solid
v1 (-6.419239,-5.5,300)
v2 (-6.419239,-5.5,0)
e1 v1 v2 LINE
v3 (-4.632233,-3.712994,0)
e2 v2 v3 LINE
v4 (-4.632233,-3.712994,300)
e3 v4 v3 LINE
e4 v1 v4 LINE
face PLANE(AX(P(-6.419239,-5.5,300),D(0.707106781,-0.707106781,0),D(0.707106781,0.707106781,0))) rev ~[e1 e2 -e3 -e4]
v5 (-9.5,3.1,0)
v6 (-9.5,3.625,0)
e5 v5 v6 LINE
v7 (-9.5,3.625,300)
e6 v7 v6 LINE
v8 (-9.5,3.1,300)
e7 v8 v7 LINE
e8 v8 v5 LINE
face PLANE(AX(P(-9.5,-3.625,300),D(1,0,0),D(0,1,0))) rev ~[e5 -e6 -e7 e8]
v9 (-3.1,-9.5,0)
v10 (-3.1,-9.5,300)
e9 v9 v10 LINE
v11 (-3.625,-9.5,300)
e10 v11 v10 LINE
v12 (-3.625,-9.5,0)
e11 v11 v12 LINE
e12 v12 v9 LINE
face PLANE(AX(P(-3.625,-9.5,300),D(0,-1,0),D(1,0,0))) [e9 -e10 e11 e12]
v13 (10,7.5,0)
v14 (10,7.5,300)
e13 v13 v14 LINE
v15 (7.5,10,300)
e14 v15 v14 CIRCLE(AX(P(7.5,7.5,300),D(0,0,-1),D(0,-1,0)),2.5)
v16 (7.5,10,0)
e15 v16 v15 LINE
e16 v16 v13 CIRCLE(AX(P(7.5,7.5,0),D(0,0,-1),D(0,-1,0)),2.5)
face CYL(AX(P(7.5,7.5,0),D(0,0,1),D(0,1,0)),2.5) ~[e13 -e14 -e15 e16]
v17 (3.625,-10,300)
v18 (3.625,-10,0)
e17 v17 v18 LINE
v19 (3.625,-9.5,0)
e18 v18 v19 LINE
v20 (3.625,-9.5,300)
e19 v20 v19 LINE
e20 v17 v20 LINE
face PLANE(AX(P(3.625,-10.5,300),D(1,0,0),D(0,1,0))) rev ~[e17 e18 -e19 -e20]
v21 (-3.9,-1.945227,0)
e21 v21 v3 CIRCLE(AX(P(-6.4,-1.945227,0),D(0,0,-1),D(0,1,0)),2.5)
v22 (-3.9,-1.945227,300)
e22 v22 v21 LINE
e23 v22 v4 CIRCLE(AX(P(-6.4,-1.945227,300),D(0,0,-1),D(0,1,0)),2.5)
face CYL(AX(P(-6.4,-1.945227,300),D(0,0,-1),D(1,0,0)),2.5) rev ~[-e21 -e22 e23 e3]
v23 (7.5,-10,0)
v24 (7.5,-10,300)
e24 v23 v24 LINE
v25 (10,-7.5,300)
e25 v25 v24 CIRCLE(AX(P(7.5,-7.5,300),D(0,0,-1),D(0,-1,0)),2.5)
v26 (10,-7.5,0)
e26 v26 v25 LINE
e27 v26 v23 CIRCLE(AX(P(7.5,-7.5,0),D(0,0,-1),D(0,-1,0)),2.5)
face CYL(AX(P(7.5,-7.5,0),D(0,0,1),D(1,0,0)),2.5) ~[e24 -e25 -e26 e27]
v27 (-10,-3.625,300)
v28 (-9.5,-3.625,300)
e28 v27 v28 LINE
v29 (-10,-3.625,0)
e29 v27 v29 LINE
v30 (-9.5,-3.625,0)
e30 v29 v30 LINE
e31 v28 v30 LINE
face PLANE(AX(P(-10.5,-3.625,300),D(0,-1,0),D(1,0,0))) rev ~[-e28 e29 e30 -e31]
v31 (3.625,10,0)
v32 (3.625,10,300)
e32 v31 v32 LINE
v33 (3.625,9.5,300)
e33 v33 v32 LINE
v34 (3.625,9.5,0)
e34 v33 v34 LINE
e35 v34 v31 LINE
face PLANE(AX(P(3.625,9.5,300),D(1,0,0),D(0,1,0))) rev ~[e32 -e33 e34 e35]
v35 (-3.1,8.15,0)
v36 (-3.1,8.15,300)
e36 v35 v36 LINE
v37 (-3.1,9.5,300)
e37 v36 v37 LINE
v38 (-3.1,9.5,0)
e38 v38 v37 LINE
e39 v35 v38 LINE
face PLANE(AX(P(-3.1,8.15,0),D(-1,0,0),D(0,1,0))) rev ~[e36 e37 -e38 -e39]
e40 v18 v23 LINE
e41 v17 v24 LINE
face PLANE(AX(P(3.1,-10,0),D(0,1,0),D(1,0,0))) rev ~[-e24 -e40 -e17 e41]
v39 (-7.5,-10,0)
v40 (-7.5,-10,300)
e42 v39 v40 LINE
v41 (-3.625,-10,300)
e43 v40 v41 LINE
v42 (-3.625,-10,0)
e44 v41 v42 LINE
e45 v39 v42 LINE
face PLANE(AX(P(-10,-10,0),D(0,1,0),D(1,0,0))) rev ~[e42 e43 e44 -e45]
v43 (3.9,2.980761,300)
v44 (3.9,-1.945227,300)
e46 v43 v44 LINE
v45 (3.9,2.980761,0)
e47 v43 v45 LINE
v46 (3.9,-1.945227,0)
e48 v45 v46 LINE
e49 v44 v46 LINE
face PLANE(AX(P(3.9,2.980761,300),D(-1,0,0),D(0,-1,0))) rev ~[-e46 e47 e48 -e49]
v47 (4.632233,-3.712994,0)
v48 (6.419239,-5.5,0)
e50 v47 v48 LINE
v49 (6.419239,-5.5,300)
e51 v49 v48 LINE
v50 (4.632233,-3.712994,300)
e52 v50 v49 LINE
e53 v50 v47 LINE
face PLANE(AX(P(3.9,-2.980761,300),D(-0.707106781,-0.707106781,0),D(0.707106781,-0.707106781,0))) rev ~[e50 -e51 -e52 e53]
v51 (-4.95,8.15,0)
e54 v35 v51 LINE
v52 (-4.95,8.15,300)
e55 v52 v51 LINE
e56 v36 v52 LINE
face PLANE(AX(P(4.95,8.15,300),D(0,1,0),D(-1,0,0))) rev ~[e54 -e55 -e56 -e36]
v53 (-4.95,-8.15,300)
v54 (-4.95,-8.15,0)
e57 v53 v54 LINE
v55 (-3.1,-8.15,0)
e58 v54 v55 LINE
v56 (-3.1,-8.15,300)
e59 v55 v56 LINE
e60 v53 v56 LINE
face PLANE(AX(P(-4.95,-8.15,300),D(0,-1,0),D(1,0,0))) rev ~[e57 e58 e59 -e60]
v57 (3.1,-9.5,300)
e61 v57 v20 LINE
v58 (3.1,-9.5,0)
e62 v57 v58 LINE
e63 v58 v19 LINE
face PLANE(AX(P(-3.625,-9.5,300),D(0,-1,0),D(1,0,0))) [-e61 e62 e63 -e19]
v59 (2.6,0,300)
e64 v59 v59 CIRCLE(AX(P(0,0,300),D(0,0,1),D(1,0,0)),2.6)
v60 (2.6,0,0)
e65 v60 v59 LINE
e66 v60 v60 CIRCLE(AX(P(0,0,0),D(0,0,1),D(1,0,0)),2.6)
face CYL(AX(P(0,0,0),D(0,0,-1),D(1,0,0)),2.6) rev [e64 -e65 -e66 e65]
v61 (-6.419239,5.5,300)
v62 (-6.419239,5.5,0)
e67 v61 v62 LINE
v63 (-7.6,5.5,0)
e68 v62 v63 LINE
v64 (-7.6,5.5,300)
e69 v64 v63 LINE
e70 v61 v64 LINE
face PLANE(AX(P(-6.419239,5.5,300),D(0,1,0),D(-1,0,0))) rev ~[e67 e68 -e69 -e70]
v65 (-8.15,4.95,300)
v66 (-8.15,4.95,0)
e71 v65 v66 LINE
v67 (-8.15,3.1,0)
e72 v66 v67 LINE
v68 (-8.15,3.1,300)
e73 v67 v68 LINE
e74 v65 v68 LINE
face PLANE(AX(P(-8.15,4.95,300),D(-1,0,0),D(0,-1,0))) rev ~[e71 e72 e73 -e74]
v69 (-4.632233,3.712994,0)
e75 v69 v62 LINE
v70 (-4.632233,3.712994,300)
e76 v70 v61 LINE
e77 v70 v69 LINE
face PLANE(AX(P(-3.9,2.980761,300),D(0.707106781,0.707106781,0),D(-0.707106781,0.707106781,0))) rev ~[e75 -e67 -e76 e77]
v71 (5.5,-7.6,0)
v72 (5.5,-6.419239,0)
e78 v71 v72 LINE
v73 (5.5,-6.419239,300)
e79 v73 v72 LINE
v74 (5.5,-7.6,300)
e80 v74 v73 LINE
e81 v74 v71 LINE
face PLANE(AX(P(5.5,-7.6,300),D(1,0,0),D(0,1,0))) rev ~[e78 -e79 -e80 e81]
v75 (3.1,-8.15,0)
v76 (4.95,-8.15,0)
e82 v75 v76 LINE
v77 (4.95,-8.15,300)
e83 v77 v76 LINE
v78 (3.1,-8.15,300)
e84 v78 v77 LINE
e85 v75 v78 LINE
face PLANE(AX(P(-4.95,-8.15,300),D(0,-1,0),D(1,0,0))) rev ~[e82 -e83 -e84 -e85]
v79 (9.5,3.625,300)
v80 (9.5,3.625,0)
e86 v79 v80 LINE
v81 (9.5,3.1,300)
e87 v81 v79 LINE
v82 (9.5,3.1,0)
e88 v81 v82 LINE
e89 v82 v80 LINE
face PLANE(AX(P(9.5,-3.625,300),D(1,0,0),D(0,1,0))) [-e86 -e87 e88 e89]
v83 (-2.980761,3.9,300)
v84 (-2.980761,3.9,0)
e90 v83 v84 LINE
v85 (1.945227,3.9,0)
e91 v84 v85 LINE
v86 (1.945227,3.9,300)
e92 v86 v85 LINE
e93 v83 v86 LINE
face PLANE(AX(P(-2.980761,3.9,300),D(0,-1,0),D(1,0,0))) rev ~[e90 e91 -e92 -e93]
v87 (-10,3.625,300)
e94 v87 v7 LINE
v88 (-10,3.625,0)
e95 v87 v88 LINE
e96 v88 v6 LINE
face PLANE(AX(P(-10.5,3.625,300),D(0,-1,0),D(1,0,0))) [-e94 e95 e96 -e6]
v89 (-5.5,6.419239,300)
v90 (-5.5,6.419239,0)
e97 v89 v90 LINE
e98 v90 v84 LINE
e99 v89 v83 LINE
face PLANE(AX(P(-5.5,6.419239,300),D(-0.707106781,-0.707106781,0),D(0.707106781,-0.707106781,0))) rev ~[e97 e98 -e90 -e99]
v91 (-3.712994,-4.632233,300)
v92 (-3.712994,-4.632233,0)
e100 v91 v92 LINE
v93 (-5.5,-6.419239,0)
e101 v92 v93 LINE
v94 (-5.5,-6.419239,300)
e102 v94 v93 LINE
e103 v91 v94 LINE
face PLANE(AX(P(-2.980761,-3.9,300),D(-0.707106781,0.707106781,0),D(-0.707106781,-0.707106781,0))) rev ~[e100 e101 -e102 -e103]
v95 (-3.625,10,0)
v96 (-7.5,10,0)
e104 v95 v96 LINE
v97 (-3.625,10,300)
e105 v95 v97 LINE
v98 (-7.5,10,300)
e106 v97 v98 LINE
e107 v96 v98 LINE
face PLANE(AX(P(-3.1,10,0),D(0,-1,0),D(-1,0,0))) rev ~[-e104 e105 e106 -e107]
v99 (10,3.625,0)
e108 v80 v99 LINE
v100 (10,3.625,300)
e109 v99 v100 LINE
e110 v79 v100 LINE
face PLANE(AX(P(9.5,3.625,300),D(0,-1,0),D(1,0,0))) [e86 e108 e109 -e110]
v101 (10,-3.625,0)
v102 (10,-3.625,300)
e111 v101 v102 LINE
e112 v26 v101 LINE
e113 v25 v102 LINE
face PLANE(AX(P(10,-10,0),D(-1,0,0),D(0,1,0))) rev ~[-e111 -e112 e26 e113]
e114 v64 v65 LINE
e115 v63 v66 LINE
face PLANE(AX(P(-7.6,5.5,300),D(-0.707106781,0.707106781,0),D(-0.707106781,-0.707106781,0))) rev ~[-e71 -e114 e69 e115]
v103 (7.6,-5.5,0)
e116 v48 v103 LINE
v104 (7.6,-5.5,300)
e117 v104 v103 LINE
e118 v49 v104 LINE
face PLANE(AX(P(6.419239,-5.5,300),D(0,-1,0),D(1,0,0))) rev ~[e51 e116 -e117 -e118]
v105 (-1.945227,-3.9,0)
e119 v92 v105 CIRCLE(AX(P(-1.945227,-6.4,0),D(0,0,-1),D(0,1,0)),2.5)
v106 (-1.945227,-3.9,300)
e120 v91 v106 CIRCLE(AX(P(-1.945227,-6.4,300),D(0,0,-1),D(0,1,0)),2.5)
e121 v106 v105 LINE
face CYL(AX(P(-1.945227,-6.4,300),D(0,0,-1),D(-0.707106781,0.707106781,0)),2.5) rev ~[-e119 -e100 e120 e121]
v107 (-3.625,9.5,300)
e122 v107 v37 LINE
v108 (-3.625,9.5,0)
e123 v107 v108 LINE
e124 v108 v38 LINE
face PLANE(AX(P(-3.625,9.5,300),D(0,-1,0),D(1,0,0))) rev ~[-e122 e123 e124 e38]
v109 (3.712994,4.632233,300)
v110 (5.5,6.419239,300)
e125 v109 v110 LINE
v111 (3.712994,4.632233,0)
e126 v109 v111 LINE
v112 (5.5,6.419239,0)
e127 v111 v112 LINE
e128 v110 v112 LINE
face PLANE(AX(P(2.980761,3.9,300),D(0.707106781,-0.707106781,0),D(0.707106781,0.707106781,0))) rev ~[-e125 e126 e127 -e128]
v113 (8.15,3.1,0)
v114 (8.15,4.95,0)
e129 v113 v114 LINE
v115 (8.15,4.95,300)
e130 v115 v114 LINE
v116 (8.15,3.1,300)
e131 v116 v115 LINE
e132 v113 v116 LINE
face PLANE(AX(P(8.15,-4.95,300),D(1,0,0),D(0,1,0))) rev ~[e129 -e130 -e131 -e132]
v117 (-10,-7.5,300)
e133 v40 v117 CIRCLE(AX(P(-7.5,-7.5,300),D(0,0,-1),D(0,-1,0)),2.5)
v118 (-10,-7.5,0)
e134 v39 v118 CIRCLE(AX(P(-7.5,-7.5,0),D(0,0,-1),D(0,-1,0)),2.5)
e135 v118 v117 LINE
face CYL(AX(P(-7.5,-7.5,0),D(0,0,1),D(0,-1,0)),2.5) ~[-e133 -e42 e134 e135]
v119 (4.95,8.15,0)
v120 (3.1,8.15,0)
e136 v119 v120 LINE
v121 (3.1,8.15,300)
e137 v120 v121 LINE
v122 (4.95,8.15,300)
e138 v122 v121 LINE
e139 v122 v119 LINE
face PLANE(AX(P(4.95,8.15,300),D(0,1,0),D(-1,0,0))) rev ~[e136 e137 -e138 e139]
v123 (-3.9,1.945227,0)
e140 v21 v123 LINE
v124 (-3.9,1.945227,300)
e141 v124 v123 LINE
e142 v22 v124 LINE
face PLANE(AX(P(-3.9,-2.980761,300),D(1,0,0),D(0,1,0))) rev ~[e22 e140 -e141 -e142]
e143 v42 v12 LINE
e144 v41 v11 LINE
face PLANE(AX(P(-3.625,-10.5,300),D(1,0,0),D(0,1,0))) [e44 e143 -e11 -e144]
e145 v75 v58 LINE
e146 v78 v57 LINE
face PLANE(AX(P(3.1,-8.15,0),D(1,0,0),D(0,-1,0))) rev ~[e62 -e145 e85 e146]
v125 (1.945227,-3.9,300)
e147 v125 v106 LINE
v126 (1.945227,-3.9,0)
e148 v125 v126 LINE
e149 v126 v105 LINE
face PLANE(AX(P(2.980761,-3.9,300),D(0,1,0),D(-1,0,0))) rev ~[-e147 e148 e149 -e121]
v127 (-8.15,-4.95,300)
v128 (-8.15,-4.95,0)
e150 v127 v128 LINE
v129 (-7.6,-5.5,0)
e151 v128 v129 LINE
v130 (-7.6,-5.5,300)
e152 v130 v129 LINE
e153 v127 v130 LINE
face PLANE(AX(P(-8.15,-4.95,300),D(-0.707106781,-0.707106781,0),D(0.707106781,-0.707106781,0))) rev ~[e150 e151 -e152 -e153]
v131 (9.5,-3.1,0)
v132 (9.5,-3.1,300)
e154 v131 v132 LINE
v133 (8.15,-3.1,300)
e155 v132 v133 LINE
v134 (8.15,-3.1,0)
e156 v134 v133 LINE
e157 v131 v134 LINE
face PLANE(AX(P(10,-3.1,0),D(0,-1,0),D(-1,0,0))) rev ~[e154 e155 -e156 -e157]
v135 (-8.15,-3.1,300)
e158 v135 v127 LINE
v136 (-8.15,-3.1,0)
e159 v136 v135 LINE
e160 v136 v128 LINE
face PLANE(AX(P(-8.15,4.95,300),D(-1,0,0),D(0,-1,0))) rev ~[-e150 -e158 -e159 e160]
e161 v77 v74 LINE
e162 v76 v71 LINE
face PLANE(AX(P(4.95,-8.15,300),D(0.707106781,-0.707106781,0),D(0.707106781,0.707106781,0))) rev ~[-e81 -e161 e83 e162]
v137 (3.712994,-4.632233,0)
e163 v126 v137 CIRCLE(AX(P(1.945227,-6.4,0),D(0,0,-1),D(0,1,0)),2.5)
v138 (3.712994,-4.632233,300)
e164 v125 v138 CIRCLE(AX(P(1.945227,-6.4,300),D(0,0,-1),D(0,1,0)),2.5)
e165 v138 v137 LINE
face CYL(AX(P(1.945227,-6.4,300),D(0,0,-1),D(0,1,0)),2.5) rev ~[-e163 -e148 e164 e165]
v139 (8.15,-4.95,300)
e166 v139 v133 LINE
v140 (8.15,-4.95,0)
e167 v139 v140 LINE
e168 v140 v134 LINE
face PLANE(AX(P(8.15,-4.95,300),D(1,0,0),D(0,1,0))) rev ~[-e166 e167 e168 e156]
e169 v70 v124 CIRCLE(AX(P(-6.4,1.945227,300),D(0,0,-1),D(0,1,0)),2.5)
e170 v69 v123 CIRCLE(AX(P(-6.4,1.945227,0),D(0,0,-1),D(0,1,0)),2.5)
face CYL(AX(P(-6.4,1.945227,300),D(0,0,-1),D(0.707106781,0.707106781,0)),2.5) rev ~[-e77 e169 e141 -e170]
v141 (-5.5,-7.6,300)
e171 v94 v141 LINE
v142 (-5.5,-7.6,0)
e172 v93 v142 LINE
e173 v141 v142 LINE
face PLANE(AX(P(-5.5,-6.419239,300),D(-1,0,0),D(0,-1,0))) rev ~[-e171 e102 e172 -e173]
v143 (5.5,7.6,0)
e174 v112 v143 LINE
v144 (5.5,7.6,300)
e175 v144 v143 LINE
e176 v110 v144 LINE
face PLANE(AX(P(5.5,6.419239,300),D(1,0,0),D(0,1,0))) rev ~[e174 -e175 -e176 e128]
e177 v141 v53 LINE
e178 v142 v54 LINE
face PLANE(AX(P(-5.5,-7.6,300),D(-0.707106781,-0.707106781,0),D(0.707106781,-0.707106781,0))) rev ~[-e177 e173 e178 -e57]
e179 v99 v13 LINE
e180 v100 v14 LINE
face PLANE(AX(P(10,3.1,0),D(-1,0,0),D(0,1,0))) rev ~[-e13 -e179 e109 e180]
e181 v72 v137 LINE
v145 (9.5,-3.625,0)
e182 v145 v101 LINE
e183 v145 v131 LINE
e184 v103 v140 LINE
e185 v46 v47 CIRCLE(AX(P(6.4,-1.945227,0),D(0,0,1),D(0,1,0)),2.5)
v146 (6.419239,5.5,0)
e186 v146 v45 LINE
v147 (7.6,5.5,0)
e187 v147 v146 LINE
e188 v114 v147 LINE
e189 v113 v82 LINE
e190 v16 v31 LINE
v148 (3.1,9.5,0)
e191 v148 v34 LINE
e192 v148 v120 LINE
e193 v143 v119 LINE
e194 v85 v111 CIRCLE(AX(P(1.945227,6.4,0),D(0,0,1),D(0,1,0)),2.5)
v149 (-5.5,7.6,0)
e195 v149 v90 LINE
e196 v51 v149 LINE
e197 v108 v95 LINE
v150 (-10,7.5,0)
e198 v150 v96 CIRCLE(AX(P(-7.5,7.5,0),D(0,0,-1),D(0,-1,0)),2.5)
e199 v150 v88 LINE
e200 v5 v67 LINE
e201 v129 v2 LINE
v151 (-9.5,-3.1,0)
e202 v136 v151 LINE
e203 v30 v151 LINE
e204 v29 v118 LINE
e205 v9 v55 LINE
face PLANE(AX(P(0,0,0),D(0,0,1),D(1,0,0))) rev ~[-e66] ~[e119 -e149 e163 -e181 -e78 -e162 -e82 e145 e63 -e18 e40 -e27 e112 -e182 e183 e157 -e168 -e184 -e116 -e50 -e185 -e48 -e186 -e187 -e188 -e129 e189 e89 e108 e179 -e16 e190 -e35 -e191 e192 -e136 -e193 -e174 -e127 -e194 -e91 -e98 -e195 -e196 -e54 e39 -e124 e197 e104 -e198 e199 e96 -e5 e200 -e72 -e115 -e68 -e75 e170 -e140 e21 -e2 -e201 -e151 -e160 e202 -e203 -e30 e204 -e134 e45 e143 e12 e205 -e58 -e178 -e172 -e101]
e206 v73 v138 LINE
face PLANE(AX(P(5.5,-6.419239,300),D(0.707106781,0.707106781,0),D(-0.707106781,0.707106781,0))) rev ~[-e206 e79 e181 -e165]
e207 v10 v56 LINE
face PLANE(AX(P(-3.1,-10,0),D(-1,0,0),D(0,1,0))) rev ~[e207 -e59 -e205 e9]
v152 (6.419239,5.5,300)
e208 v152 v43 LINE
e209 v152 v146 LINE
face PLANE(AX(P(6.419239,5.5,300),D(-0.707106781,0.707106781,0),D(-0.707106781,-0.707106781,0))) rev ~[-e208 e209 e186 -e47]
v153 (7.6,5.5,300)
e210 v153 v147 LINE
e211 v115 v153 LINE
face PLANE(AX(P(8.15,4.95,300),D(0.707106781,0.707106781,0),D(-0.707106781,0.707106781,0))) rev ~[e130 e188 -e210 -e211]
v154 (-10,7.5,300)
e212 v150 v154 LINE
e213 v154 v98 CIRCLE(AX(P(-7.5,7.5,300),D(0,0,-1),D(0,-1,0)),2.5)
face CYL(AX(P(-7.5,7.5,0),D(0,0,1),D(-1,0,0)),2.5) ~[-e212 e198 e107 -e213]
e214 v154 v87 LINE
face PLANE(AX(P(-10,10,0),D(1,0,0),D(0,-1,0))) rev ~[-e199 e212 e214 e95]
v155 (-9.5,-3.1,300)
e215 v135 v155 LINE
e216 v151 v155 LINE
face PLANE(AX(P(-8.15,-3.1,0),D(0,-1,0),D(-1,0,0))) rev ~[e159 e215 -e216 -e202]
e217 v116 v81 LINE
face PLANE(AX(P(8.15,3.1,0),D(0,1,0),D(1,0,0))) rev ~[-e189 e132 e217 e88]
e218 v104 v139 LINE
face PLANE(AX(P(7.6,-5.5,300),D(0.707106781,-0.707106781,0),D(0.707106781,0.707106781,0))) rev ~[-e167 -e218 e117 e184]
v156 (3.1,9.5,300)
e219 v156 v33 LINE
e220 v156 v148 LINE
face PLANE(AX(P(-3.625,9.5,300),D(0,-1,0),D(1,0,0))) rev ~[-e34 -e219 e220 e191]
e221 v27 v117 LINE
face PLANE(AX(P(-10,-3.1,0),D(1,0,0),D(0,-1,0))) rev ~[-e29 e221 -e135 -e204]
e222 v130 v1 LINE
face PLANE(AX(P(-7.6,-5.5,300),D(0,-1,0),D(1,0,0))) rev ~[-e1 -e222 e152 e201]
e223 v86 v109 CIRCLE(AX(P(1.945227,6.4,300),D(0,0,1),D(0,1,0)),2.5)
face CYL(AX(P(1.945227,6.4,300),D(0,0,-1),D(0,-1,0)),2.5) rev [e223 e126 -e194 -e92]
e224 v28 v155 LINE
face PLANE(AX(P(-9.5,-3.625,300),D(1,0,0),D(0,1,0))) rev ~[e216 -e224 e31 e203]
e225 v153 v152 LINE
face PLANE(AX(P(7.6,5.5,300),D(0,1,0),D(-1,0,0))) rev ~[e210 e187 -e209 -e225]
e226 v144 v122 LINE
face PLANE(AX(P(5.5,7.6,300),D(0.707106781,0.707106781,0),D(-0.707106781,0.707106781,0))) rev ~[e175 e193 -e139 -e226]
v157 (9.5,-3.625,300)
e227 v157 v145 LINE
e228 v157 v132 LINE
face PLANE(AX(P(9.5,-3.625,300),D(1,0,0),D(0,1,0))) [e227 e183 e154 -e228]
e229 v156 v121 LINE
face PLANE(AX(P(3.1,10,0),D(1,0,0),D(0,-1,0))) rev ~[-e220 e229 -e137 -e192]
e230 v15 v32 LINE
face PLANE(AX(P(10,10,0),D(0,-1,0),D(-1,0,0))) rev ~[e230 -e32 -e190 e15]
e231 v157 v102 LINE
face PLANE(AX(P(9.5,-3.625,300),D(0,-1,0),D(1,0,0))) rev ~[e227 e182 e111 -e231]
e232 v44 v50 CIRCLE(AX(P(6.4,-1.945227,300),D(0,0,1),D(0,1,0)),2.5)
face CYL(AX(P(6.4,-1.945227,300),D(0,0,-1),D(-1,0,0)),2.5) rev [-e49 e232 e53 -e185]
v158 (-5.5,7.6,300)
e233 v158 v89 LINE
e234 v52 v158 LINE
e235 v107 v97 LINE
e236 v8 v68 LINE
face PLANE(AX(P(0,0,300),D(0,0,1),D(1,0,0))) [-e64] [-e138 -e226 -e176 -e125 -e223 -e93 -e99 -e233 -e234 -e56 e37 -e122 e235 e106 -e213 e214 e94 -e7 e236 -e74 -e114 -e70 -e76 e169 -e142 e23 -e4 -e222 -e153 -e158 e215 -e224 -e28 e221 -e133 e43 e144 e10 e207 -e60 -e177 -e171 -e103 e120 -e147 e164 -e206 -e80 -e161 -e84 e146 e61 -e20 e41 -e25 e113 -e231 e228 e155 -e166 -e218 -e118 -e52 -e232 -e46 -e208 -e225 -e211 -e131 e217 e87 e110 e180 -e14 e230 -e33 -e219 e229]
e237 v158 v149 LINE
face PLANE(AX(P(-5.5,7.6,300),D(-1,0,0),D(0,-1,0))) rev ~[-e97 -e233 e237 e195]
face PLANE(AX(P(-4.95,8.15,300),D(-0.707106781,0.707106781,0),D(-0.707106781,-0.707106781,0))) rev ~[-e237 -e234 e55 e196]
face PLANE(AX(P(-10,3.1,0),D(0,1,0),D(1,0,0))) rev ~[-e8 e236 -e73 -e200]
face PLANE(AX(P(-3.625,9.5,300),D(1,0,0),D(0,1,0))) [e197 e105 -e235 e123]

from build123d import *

# Parameters (mm, degrees)
SKETCH1_W           = 16.3
SKETCH1_H           = 16.3
SKETCH1_W_2         = 11
SKETCH1_H_2         = 11
SKETCH1_R           = 2.6
BOSS_EXTRUDE1_DEPTH = 300
CUT_EXTRUDE2_DEPTH  = 301.333148354
FILLET1_R           = 2.5
FILLET2_R           = 2.5
SKETCH3_W           = 1
SKETCH3_H           = 7.25
SKETCH3_W_2         = 7.25
SKETCH3_H_2         = 1
CUT_EXTRUDE3_DEPTH  = 301.333148354


with BuildPart() as part:
    # Sketch1 → Boss-Extrude1 (new body)
    # profile 1 of 6: a face of its own
    with BuildSketch(Plane.XY):
        Polygon((-3.1, 8.15), (-3.1, 10), (-10, 10), (-10, 3.1), (-8.15, 3.1), (-8.15, 8.15), align=None)
    # profile 2 of 6: a face of its own
    with BuildSketch(Plane.XY):
        Polygon((10, 10), (3.1, 10), (3.1, 8.15), (8.15, 8.15), (8.15, 3.1), (10, 3.1), align=None)
    # profile 3 of 6: a face of its own
    with BuildSketch(Plane.XY):
        Rectangle(SKETCH1_W, SKETCH1_H)
        Rectangle(SKETCH1_W_2, SKETCH1_H_2, mode=Mode.SUBTRACT)
    # profile 4 of 6: a face of its own
    with BuildSketch(Plane.XY):
        Polygon((10, -10), (10, -3.1), (8.15, -3.1), (8.15, -8.15), (3.1, -8.15), (3.1, -10), align=None)
    # profile 5 of 6: a face of its own
    with BuildSketch(Plane.XY):
        Polygon((-8.15, -3.1), (-10, -3.1), (-10, -10), (-3.1, -10), (-3.1, -8.15), (-8.15, -8.15), align=None)
    # profile 6 of 6: a face of its own
    with BuildSketch(Plane.XY):
        Rectangle(SKETCH1_W_2, SKETCH1_H_2)
        Circle(SKETCH1_R, mode=Mode.SUBTRACT)
    extrude(amount=BOSS_EXTRUDE1_DEPTH)

    # Sketch2 → Cut-Extrude2 (cut, through all)
    with BuildSketch(Plane.XY.offset(300)):
        Polygon((-5.5, -4.580761184), (-5.5, 4.580761184), (-6.419238816, 5.5), (-7.6, 5.5), (-8.15, 4.95), (-8.15, 3.1), (-8.15, -3.1), (-8.15, -4.95), (-7.6, -5.5), (-6.419238816, -5.5), align=None)
        Polygon((-3.9, -2.980761184), (-3.9, 2.980761184), (-5.5, 4.580761184), (-5.5, -4.580761184), align=None)
        Polygon((-5.5, 6.419238816), (-4.580761184, 5.5), (4.580761184, 5.5), (5.5, 6.419238816), (5.5, 7.6), (4.95, 8.15), (3.1, 8.15), (-3.1, 8.15), (-4.95, 8.15), (-5.5, 7.6), align=None)
        Polygon((-4.580761184, 5.5), (-2.980761184, 3.9), (2.980761184, 3.9), (4.580761184, 5.5), align=None)
        Polygon((6.419238816, 5.5), (5.5, 4.580761184), (5.5, -4.580761184), (6.419238816, -5.5), (7.6, -5.5), (8.15, -4.95), (8.15, -3.1), (8.15, 3.1), (8.15, 4.95), (7.6, 5.5), align=None)
        Polygon((5.5, 4.580761184), (3.9, 2.980761184), (3.9, -2.980761184), (5.5, -4.580761184), align=None)
        Polygon((4.580761184, -5.5), (-4.580761184, -5.5), (-5.5, -6.419238816), (-5.5, -7.6), (-4.95, -8.15), (-3.1, -8.15), (3.1, -8.15), (4.95, -8.15), (5.5, -7.6), (5.5, -6.419238816), align=None)
        Polygon((2.980761184, -3.9), (-2.980761184, -3.9), (-4.580761184, -5.5), (4.580761184, -5.5), align=None)
    extrude(amount=-CUT_EXTRUDE2_DEPTH, mode=Mode.SUBTRACT)

    # Fillet1
    fillet1_edges = [part.edges().sort_by_distance(p)[0] for p in [
        (-10, -10, 150),
        (-10, 10, 150),
        (10, 10, 150),
        (10, -10, 150),
    ]]
    fillet(fillet1_edges, radius=FILLET1_R)

    # Fillet2
    fillet2_edges = [part.edges().sort_by_distance(p)[0] for p in [
        (2.980761184, 3.9, 150),
        (3.9, -2.980761184, 150),
        (-2.980761184, -3.9, 150),
        (2.980761184, -3.9, 150),
        (-3.9, 2.980761184, 150),
        (-3.9, -2.980761184, 150),
    ]]
    fillet(fillet2_edges, radius=FILLET2_R)

    # Sketch3 → Cut-Extrude3 (cut, through all)
    with BuildSketch(Plane.XY.offset(300)):
        with Locations((10, 0)):
            Rectangle(SKETCH3_W, SKETCH3_H)
        with Locations((0, 10)):
            Rectangle(SKETCH3_W_2, SKETCH3_H_2)
        with Locations((0, -10)):
            Rectangle(SKETCH3_W_2, SKETCH3_H_2)
        with Locations((-10, 0)):
            Rectangle(SKETCH3_W, SKETCH3_H)
    extrude(amount=-CUT_EXTRUDE3_DEPTH, mode=Mode.SUBTRACT)


solid = part.part
